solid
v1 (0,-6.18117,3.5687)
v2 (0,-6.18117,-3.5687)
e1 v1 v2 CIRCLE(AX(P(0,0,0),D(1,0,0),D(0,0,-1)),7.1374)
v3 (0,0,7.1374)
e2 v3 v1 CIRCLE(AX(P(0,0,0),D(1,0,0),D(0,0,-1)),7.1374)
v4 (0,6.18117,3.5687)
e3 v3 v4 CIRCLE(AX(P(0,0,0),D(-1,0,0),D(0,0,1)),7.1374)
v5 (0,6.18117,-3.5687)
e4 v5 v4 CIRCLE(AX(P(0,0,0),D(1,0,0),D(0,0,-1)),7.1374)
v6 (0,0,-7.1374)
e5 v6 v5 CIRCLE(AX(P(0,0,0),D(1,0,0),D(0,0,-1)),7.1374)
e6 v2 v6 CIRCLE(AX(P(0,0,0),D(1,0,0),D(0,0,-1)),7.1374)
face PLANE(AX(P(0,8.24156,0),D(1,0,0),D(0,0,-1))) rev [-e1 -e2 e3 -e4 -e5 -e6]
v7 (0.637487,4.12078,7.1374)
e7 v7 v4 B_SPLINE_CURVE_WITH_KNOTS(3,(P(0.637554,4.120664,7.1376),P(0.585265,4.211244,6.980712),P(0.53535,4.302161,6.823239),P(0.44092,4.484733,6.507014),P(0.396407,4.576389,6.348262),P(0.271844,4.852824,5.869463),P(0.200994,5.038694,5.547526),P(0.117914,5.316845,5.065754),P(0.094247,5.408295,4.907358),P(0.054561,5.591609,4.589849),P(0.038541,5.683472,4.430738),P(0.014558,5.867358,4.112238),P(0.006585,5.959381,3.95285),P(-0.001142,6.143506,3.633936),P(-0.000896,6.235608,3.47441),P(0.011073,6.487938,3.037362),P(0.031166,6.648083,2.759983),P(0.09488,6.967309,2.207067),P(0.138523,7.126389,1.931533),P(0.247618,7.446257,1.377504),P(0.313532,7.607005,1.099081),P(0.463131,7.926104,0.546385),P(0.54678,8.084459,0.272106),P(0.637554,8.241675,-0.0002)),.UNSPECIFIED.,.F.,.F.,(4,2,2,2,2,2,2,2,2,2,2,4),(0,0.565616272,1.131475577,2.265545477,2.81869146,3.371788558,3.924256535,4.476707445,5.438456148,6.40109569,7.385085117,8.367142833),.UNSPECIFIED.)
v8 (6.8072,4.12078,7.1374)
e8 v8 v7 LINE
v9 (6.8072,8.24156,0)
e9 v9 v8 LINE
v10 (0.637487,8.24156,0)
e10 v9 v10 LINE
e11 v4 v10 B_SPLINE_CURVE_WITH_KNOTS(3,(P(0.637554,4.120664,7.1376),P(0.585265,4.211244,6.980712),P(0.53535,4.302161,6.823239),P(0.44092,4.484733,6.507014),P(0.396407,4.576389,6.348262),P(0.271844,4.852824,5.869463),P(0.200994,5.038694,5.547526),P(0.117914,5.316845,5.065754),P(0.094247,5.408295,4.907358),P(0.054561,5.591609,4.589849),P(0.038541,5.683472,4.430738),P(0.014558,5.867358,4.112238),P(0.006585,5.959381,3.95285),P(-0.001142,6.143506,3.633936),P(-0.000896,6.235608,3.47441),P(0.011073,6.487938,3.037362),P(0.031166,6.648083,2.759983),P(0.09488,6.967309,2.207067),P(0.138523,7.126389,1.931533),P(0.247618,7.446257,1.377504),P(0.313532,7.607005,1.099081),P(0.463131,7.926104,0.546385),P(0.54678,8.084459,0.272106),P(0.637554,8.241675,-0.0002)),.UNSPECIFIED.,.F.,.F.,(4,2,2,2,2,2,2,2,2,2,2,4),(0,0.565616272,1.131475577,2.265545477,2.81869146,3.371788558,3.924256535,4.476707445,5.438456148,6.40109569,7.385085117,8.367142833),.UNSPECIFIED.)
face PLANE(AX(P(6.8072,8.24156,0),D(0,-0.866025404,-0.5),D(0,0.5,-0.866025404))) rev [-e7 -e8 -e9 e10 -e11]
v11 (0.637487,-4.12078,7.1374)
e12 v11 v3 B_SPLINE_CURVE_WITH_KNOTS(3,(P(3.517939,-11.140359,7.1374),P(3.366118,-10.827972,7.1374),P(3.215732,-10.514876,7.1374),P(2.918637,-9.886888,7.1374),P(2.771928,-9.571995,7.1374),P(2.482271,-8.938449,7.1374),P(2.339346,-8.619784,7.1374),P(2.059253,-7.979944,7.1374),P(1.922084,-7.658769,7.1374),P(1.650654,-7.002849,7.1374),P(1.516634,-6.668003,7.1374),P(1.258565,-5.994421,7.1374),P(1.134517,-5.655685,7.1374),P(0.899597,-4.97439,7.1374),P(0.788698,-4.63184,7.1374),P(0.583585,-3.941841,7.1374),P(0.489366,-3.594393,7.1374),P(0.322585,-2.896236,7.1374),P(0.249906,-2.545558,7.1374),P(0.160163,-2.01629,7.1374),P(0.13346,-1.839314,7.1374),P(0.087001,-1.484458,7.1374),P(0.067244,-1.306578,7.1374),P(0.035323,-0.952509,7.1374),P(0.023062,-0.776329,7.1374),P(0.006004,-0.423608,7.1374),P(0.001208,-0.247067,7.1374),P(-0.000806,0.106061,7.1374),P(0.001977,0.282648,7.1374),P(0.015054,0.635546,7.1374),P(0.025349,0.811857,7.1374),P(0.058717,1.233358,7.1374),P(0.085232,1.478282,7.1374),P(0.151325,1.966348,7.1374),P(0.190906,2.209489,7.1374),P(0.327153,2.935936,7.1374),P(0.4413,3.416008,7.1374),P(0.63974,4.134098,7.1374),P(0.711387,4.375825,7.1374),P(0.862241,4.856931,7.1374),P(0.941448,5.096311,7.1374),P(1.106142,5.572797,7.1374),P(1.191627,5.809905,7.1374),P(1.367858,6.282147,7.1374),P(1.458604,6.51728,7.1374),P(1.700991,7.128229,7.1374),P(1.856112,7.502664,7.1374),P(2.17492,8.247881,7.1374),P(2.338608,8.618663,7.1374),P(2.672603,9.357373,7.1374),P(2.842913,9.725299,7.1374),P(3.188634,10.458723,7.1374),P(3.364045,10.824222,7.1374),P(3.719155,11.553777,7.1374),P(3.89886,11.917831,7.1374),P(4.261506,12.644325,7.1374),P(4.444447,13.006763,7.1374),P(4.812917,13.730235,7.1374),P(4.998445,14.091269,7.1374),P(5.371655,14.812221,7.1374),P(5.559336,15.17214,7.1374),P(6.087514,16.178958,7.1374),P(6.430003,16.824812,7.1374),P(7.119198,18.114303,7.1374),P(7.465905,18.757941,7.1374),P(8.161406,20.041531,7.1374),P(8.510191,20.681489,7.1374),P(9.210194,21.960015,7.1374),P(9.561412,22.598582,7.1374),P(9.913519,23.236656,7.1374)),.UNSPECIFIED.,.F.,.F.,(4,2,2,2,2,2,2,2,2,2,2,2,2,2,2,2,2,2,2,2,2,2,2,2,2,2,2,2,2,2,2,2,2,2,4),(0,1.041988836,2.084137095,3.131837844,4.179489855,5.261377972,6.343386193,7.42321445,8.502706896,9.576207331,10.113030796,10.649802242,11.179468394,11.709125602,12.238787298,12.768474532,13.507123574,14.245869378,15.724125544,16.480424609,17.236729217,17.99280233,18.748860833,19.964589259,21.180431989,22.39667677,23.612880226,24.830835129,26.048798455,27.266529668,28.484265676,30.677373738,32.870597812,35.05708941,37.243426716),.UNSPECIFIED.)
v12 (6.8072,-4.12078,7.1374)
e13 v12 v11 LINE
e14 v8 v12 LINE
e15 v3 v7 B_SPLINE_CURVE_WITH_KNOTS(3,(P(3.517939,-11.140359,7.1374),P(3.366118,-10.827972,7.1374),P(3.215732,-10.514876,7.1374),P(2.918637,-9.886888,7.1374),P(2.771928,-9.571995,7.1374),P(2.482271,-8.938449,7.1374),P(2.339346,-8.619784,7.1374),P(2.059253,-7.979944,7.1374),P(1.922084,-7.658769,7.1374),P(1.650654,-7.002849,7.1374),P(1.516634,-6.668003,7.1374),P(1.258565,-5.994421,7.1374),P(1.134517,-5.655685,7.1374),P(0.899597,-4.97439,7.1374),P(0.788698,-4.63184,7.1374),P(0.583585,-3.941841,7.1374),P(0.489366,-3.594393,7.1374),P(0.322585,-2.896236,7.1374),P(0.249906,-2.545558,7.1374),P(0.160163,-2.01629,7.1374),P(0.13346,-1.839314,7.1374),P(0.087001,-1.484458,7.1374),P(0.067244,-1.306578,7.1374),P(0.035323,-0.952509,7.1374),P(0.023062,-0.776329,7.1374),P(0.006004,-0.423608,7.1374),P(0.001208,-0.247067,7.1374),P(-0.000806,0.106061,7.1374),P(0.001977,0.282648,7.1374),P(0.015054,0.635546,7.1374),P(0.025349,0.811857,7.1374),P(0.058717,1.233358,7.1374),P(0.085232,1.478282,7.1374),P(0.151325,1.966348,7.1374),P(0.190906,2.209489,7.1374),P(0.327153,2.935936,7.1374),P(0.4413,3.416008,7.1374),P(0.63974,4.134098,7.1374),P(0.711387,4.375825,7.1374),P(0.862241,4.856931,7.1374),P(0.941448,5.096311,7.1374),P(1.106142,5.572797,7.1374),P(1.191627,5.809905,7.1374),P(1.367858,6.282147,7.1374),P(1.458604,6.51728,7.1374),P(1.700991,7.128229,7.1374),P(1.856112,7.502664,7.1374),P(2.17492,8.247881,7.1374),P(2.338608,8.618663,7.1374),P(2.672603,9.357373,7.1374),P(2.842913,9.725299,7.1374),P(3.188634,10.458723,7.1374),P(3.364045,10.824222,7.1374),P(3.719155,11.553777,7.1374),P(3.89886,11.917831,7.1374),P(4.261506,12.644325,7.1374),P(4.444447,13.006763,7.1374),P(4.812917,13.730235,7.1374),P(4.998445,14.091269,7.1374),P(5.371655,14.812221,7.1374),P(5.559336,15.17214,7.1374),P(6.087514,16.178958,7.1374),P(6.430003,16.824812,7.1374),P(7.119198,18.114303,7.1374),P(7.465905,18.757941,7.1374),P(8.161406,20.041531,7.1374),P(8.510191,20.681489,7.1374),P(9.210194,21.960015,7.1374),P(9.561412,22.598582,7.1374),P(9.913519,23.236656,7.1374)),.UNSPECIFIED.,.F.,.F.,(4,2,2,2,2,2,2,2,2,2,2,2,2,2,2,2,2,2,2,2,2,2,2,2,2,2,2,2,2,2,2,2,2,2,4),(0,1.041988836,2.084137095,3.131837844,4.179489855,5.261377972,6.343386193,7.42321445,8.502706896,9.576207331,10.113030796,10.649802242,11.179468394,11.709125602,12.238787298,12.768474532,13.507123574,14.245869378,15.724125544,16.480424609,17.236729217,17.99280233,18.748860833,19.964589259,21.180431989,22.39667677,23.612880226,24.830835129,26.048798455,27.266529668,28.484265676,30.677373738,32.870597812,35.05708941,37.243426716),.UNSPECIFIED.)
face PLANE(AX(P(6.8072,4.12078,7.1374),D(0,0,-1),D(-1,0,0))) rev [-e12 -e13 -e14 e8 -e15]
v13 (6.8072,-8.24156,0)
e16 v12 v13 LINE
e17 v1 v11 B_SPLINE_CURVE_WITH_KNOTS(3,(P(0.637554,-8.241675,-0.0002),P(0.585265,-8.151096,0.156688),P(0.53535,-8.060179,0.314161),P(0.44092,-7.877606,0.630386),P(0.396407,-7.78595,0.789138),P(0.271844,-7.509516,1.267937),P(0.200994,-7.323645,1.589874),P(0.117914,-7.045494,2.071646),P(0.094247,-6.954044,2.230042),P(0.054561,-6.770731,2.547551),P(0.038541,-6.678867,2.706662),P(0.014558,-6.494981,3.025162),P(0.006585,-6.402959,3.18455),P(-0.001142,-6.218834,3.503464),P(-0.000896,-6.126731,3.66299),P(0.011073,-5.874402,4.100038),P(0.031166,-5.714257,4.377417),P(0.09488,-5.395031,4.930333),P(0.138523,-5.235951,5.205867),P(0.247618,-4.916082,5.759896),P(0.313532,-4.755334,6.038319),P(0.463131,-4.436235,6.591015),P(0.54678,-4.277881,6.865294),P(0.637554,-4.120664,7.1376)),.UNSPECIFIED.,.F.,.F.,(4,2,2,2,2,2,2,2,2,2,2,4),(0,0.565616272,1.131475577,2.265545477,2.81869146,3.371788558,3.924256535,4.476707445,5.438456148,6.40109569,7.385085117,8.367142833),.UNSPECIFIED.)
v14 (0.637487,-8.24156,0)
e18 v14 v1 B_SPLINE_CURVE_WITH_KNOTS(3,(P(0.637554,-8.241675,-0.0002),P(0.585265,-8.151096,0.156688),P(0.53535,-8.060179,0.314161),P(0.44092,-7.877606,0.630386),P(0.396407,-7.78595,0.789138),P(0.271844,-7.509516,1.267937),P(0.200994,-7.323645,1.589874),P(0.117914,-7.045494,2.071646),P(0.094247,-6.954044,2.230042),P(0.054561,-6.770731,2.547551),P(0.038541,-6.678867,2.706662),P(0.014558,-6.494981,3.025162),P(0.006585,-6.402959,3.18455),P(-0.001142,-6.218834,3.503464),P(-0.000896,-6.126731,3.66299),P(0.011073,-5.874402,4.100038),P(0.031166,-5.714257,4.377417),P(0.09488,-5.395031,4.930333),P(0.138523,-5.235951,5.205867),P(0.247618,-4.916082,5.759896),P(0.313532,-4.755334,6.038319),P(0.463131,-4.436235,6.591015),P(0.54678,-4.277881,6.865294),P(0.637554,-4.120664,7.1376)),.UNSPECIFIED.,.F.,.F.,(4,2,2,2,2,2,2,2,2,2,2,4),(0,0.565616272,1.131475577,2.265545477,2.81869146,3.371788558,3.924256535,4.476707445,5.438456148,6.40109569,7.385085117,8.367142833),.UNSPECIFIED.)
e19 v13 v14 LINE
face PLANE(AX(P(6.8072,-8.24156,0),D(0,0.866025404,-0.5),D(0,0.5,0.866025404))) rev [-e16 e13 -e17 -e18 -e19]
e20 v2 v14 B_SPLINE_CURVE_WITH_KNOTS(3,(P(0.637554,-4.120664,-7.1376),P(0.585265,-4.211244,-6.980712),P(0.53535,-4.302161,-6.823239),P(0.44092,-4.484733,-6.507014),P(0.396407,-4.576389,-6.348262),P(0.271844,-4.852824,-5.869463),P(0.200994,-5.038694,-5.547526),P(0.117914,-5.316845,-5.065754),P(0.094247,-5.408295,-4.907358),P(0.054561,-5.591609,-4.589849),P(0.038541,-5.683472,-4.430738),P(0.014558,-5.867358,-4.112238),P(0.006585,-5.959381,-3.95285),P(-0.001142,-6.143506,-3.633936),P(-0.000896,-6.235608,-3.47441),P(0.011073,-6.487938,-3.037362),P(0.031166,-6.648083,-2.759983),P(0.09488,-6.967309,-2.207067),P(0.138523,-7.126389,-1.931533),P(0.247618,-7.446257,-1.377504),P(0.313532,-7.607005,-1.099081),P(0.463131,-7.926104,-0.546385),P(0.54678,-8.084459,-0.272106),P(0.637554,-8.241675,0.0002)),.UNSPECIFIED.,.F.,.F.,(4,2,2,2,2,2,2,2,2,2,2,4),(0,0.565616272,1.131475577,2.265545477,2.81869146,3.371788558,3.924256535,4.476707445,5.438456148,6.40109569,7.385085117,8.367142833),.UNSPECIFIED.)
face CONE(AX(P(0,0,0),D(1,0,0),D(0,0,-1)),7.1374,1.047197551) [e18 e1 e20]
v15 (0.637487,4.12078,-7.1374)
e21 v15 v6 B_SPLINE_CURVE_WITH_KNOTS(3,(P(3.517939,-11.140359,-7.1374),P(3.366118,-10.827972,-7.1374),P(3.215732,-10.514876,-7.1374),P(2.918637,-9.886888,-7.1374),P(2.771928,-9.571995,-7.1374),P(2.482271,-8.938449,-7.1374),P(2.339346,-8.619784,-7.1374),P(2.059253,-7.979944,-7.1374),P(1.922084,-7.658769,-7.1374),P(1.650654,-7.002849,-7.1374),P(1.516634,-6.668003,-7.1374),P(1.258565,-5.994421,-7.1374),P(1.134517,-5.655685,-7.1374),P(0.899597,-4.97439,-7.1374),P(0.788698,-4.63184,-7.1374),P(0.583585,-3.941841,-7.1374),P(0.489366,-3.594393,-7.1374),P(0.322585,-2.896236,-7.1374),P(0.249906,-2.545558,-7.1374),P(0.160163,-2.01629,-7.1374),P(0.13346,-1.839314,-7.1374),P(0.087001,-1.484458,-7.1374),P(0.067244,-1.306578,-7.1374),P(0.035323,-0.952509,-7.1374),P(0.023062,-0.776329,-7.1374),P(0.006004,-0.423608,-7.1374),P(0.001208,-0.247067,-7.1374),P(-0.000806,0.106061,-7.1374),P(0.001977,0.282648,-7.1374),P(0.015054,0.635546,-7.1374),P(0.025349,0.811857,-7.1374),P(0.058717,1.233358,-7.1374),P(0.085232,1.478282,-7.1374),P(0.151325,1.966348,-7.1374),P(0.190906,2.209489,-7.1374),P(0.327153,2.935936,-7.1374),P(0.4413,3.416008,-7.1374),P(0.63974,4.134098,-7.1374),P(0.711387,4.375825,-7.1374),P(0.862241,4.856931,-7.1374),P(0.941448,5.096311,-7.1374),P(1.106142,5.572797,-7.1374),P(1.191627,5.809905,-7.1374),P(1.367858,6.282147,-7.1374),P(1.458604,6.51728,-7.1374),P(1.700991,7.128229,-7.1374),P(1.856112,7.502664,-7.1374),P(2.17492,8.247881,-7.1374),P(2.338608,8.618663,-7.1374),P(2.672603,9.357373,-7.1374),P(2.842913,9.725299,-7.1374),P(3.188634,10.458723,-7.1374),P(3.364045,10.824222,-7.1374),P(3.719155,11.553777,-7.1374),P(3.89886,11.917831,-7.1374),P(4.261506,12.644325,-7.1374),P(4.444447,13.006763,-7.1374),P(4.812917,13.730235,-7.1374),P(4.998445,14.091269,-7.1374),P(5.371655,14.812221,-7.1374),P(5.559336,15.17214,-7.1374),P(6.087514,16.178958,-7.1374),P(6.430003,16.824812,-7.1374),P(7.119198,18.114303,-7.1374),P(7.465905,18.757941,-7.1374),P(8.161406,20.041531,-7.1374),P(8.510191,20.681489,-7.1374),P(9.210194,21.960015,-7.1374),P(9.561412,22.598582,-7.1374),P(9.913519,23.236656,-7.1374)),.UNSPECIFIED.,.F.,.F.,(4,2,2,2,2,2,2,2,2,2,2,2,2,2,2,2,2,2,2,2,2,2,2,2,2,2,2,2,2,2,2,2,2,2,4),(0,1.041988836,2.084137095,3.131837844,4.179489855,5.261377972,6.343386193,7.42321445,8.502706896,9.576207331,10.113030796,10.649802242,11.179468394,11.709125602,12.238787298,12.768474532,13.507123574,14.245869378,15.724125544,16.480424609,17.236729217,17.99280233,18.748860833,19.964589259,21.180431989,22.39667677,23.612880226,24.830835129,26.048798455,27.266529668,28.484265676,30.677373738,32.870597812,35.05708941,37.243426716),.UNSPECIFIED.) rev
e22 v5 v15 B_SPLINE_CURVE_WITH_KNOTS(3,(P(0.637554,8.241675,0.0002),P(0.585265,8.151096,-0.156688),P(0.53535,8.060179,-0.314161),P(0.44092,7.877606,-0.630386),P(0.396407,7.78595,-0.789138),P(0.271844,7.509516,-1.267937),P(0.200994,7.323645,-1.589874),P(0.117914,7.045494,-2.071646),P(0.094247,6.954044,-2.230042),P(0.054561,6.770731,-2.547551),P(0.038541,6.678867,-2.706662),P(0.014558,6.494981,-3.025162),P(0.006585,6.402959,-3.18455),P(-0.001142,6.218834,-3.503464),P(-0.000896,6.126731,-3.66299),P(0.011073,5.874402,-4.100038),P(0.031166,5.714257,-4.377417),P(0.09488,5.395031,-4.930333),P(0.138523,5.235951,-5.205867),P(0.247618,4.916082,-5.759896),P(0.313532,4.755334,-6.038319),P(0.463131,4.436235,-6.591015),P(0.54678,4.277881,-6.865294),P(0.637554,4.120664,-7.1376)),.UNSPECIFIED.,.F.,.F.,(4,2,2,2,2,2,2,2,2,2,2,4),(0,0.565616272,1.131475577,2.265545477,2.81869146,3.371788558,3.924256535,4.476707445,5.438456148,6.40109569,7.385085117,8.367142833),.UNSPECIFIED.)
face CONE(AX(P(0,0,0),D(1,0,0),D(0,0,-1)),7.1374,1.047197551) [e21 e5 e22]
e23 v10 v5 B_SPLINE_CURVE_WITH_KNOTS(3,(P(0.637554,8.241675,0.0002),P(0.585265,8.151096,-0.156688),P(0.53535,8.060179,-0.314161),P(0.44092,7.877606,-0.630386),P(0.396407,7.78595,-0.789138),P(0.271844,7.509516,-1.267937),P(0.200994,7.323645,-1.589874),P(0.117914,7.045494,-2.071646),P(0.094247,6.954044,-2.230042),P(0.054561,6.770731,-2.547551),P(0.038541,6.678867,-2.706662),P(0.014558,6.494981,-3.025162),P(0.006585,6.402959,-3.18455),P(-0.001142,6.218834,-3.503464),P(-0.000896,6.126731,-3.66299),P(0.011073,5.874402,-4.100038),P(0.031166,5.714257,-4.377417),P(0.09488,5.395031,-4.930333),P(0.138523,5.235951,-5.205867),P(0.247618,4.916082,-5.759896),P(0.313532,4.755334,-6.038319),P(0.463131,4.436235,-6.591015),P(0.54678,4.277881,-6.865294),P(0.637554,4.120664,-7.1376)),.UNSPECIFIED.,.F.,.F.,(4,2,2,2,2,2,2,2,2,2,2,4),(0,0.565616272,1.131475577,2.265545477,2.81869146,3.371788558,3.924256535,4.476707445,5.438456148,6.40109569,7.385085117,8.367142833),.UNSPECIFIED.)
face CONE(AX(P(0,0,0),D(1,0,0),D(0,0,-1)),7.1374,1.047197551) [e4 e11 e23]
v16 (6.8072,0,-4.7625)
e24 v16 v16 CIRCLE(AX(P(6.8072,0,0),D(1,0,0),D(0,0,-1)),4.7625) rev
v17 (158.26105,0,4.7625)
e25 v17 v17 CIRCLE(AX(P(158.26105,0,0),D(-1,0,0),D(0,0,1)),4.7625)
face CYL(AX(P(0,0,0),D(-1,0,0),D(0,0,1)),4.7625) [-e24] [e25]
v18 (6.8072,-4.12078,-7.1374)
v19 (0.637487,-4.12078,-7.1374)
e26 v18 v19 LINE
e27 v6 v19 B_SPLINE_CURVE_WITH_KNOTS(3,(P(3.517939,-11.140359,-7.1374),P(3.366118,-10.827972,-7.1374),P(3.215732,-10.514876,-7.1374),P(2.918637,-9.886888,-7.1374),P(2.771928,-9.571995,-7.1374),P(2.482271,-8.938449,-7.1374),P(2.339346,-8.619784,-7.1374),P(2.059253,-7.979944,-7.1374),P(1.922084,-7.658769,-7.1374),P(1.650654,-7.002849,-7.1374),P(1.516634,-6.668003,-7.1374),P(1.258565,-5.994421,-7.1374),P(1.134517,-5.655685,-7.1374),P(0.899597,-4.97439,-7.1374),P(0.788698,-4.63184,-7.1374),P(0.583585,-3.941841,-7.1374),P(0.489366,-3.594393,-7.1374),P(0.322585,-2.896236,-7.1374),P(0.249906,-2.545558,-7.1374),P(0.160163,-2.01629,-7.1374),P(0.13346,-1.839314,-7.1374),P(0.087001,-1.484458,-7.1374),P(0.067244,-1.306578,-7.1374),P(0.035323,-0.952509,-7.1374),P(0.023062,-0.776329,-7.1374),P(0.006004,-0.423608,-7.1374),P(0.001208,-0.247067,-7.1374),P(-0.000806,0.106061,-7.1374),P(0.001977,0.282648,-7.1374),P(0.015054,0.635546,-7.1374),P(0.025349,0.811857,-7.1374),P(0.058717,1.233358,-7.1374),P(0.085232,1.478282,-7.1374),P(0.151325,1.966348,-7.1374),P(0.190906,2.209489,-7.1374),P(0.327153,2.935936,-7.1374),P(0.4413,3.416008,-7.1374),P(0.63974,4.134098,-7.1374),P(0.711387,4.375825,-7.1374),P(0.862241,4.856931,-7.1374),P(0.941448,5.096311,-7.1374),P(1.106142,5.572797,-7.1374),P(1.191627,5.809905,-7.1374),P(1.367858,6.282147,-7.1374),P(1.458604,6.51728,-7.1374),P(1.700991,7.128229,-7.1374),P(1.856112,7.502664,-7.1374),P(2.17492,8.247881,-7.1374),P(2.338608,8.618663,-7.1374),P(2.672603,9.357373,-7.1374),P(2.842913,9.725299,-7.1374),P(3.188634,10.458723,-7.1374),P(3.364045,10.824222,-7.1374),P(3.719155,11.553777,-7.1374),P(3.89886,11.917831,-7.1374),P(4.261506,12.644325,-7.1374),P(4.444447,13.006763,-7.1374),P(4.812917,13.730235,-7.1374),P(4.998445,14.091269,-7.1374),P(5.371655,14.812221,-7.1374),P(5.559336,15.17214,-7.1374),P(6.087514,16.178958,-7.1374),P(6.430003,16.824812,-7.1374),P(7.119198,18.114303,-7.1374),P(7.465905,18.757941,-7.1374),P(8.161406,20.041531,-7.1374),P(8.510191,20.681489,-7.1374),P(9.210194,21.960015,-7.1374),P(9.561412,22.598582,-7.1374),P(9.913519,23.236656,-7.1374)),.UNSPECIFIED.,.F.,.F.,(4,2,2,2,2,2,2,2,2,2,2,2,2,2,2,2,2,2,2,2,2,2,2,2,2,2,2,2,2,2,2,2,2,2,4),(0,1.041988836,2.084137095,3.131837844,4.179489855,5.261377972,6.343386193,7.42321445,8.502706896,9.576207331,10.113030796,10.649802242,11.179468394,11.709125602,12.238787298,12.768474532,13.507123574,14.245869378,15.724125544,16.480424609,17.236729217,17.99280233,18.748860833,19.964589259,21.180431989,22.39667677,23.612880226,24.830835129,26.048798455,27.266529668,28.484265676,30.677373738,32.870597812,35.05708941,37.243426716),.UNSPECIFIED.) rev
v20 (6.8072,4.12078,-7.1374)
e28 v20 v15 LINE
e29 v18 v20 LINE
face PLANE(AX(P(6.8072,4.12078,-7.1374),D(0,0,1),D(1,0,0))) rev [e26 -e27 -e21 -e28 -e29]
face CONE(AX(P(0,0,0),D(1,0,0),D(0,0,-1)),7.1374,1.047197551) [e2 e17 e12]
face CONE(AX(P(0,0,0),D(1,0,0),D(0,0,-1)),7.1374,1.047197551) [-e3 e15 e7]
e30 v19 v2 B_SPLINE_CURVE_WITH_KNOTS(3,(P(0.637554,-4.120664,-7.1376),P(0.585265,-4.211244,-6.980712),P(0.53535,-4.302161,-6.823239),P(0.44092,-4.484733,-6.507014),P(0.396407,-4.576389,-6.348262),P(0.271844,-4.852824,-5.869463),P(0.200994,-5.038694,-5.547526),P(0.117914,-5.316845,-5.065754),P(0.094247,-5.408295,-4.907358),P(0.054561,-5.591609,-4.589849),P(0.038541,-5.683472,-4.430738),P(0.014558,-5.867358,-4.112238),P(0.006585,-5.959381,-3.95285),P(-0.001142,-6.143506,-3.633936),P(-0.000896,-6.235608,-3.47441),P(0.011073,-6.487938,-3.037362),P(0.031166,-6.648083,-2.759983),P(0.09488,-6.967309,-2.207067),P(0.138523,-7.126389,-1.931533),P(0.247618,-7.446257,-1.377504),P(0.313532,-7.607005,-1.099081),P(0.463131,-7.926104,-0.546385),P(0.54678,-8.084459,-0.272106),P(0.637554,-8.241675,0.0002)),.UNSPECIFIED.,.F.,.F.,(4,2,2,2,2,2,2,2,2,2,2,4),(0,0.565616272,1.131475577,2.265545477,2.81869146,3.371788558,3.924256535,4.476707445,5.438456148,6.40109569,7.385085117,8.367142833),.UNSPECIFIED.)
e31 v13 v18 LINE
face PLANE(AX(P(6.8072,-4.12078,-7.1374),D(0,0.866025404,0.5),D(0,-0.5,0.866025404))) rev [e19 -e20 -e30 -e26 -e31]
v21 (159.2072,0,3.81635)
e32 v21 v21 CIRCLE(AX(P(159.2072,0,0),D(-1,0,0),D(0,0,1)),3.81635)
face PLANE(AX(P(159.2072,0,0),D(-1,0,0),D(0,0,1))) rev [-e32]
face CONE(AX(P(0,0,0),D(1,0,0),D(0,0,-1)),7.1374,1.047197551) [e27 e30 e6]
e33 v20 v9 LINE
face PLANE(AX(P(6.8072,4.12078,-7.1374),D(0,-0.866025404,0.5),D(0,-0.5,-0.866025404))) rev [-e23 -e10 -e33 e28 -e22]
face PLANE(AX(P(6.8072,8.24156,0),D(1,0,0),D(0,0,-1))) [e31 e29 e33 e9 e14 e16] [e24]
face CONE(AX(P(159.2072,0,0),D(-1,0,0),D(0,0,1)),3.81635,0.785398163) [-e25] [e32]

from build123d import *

# Parameters (mm, degrees)
BASEHEAD_DEPTH = 6.8072


with BuildPart() as part:
    # Sketch1 → BaseHead (new body)
    with BuildSketch(Plane(origin=(0, 0, 0), x_dir=(0, 0, -1), z_dir=(1, 0, 0))):
        Polygon((7.1374, 4.120779811), (7.1374, -4.120779811), (0, -8.241559623), (-7.1374, -4.120779811), (-7.1374, 4.120779811), (0, 8.241559623), align=None)
    extrude(amount=BASEHEAD_DEPTH)

    # BodySke → BaseBody (revolve)
    with BuildSketch(Plane.XY, mode=Mode.PRIVATE) as basebody_sk:
        Polygon((0, 0), (159.2072, 0), (159.2072, 3.81635), (158.26105, 4.7625), (0, 4.7625), align=None)
    revolve(basebody_sk.sketch.rotate(Axis((0, 0, 0), (1, 0, 0)), 90), axis=Axis((0, 0, 0), (1, 0, 0)))

    # Sketch3 → HeadChamfer (revolve, cut)
    with BuildSketch(Plane.XY):
        Polygon((0, 7.1374), (4.303661065, 14.591559623), (4.303661065, 20.941559623), (-12.7, 20.941559623), (-12.7, 7.1374), align=None)
    revolve(axis=Axis((0, 0, 0), (1, 0, 0)), mode=Mode.SUBTRACT)


solid = part.part
